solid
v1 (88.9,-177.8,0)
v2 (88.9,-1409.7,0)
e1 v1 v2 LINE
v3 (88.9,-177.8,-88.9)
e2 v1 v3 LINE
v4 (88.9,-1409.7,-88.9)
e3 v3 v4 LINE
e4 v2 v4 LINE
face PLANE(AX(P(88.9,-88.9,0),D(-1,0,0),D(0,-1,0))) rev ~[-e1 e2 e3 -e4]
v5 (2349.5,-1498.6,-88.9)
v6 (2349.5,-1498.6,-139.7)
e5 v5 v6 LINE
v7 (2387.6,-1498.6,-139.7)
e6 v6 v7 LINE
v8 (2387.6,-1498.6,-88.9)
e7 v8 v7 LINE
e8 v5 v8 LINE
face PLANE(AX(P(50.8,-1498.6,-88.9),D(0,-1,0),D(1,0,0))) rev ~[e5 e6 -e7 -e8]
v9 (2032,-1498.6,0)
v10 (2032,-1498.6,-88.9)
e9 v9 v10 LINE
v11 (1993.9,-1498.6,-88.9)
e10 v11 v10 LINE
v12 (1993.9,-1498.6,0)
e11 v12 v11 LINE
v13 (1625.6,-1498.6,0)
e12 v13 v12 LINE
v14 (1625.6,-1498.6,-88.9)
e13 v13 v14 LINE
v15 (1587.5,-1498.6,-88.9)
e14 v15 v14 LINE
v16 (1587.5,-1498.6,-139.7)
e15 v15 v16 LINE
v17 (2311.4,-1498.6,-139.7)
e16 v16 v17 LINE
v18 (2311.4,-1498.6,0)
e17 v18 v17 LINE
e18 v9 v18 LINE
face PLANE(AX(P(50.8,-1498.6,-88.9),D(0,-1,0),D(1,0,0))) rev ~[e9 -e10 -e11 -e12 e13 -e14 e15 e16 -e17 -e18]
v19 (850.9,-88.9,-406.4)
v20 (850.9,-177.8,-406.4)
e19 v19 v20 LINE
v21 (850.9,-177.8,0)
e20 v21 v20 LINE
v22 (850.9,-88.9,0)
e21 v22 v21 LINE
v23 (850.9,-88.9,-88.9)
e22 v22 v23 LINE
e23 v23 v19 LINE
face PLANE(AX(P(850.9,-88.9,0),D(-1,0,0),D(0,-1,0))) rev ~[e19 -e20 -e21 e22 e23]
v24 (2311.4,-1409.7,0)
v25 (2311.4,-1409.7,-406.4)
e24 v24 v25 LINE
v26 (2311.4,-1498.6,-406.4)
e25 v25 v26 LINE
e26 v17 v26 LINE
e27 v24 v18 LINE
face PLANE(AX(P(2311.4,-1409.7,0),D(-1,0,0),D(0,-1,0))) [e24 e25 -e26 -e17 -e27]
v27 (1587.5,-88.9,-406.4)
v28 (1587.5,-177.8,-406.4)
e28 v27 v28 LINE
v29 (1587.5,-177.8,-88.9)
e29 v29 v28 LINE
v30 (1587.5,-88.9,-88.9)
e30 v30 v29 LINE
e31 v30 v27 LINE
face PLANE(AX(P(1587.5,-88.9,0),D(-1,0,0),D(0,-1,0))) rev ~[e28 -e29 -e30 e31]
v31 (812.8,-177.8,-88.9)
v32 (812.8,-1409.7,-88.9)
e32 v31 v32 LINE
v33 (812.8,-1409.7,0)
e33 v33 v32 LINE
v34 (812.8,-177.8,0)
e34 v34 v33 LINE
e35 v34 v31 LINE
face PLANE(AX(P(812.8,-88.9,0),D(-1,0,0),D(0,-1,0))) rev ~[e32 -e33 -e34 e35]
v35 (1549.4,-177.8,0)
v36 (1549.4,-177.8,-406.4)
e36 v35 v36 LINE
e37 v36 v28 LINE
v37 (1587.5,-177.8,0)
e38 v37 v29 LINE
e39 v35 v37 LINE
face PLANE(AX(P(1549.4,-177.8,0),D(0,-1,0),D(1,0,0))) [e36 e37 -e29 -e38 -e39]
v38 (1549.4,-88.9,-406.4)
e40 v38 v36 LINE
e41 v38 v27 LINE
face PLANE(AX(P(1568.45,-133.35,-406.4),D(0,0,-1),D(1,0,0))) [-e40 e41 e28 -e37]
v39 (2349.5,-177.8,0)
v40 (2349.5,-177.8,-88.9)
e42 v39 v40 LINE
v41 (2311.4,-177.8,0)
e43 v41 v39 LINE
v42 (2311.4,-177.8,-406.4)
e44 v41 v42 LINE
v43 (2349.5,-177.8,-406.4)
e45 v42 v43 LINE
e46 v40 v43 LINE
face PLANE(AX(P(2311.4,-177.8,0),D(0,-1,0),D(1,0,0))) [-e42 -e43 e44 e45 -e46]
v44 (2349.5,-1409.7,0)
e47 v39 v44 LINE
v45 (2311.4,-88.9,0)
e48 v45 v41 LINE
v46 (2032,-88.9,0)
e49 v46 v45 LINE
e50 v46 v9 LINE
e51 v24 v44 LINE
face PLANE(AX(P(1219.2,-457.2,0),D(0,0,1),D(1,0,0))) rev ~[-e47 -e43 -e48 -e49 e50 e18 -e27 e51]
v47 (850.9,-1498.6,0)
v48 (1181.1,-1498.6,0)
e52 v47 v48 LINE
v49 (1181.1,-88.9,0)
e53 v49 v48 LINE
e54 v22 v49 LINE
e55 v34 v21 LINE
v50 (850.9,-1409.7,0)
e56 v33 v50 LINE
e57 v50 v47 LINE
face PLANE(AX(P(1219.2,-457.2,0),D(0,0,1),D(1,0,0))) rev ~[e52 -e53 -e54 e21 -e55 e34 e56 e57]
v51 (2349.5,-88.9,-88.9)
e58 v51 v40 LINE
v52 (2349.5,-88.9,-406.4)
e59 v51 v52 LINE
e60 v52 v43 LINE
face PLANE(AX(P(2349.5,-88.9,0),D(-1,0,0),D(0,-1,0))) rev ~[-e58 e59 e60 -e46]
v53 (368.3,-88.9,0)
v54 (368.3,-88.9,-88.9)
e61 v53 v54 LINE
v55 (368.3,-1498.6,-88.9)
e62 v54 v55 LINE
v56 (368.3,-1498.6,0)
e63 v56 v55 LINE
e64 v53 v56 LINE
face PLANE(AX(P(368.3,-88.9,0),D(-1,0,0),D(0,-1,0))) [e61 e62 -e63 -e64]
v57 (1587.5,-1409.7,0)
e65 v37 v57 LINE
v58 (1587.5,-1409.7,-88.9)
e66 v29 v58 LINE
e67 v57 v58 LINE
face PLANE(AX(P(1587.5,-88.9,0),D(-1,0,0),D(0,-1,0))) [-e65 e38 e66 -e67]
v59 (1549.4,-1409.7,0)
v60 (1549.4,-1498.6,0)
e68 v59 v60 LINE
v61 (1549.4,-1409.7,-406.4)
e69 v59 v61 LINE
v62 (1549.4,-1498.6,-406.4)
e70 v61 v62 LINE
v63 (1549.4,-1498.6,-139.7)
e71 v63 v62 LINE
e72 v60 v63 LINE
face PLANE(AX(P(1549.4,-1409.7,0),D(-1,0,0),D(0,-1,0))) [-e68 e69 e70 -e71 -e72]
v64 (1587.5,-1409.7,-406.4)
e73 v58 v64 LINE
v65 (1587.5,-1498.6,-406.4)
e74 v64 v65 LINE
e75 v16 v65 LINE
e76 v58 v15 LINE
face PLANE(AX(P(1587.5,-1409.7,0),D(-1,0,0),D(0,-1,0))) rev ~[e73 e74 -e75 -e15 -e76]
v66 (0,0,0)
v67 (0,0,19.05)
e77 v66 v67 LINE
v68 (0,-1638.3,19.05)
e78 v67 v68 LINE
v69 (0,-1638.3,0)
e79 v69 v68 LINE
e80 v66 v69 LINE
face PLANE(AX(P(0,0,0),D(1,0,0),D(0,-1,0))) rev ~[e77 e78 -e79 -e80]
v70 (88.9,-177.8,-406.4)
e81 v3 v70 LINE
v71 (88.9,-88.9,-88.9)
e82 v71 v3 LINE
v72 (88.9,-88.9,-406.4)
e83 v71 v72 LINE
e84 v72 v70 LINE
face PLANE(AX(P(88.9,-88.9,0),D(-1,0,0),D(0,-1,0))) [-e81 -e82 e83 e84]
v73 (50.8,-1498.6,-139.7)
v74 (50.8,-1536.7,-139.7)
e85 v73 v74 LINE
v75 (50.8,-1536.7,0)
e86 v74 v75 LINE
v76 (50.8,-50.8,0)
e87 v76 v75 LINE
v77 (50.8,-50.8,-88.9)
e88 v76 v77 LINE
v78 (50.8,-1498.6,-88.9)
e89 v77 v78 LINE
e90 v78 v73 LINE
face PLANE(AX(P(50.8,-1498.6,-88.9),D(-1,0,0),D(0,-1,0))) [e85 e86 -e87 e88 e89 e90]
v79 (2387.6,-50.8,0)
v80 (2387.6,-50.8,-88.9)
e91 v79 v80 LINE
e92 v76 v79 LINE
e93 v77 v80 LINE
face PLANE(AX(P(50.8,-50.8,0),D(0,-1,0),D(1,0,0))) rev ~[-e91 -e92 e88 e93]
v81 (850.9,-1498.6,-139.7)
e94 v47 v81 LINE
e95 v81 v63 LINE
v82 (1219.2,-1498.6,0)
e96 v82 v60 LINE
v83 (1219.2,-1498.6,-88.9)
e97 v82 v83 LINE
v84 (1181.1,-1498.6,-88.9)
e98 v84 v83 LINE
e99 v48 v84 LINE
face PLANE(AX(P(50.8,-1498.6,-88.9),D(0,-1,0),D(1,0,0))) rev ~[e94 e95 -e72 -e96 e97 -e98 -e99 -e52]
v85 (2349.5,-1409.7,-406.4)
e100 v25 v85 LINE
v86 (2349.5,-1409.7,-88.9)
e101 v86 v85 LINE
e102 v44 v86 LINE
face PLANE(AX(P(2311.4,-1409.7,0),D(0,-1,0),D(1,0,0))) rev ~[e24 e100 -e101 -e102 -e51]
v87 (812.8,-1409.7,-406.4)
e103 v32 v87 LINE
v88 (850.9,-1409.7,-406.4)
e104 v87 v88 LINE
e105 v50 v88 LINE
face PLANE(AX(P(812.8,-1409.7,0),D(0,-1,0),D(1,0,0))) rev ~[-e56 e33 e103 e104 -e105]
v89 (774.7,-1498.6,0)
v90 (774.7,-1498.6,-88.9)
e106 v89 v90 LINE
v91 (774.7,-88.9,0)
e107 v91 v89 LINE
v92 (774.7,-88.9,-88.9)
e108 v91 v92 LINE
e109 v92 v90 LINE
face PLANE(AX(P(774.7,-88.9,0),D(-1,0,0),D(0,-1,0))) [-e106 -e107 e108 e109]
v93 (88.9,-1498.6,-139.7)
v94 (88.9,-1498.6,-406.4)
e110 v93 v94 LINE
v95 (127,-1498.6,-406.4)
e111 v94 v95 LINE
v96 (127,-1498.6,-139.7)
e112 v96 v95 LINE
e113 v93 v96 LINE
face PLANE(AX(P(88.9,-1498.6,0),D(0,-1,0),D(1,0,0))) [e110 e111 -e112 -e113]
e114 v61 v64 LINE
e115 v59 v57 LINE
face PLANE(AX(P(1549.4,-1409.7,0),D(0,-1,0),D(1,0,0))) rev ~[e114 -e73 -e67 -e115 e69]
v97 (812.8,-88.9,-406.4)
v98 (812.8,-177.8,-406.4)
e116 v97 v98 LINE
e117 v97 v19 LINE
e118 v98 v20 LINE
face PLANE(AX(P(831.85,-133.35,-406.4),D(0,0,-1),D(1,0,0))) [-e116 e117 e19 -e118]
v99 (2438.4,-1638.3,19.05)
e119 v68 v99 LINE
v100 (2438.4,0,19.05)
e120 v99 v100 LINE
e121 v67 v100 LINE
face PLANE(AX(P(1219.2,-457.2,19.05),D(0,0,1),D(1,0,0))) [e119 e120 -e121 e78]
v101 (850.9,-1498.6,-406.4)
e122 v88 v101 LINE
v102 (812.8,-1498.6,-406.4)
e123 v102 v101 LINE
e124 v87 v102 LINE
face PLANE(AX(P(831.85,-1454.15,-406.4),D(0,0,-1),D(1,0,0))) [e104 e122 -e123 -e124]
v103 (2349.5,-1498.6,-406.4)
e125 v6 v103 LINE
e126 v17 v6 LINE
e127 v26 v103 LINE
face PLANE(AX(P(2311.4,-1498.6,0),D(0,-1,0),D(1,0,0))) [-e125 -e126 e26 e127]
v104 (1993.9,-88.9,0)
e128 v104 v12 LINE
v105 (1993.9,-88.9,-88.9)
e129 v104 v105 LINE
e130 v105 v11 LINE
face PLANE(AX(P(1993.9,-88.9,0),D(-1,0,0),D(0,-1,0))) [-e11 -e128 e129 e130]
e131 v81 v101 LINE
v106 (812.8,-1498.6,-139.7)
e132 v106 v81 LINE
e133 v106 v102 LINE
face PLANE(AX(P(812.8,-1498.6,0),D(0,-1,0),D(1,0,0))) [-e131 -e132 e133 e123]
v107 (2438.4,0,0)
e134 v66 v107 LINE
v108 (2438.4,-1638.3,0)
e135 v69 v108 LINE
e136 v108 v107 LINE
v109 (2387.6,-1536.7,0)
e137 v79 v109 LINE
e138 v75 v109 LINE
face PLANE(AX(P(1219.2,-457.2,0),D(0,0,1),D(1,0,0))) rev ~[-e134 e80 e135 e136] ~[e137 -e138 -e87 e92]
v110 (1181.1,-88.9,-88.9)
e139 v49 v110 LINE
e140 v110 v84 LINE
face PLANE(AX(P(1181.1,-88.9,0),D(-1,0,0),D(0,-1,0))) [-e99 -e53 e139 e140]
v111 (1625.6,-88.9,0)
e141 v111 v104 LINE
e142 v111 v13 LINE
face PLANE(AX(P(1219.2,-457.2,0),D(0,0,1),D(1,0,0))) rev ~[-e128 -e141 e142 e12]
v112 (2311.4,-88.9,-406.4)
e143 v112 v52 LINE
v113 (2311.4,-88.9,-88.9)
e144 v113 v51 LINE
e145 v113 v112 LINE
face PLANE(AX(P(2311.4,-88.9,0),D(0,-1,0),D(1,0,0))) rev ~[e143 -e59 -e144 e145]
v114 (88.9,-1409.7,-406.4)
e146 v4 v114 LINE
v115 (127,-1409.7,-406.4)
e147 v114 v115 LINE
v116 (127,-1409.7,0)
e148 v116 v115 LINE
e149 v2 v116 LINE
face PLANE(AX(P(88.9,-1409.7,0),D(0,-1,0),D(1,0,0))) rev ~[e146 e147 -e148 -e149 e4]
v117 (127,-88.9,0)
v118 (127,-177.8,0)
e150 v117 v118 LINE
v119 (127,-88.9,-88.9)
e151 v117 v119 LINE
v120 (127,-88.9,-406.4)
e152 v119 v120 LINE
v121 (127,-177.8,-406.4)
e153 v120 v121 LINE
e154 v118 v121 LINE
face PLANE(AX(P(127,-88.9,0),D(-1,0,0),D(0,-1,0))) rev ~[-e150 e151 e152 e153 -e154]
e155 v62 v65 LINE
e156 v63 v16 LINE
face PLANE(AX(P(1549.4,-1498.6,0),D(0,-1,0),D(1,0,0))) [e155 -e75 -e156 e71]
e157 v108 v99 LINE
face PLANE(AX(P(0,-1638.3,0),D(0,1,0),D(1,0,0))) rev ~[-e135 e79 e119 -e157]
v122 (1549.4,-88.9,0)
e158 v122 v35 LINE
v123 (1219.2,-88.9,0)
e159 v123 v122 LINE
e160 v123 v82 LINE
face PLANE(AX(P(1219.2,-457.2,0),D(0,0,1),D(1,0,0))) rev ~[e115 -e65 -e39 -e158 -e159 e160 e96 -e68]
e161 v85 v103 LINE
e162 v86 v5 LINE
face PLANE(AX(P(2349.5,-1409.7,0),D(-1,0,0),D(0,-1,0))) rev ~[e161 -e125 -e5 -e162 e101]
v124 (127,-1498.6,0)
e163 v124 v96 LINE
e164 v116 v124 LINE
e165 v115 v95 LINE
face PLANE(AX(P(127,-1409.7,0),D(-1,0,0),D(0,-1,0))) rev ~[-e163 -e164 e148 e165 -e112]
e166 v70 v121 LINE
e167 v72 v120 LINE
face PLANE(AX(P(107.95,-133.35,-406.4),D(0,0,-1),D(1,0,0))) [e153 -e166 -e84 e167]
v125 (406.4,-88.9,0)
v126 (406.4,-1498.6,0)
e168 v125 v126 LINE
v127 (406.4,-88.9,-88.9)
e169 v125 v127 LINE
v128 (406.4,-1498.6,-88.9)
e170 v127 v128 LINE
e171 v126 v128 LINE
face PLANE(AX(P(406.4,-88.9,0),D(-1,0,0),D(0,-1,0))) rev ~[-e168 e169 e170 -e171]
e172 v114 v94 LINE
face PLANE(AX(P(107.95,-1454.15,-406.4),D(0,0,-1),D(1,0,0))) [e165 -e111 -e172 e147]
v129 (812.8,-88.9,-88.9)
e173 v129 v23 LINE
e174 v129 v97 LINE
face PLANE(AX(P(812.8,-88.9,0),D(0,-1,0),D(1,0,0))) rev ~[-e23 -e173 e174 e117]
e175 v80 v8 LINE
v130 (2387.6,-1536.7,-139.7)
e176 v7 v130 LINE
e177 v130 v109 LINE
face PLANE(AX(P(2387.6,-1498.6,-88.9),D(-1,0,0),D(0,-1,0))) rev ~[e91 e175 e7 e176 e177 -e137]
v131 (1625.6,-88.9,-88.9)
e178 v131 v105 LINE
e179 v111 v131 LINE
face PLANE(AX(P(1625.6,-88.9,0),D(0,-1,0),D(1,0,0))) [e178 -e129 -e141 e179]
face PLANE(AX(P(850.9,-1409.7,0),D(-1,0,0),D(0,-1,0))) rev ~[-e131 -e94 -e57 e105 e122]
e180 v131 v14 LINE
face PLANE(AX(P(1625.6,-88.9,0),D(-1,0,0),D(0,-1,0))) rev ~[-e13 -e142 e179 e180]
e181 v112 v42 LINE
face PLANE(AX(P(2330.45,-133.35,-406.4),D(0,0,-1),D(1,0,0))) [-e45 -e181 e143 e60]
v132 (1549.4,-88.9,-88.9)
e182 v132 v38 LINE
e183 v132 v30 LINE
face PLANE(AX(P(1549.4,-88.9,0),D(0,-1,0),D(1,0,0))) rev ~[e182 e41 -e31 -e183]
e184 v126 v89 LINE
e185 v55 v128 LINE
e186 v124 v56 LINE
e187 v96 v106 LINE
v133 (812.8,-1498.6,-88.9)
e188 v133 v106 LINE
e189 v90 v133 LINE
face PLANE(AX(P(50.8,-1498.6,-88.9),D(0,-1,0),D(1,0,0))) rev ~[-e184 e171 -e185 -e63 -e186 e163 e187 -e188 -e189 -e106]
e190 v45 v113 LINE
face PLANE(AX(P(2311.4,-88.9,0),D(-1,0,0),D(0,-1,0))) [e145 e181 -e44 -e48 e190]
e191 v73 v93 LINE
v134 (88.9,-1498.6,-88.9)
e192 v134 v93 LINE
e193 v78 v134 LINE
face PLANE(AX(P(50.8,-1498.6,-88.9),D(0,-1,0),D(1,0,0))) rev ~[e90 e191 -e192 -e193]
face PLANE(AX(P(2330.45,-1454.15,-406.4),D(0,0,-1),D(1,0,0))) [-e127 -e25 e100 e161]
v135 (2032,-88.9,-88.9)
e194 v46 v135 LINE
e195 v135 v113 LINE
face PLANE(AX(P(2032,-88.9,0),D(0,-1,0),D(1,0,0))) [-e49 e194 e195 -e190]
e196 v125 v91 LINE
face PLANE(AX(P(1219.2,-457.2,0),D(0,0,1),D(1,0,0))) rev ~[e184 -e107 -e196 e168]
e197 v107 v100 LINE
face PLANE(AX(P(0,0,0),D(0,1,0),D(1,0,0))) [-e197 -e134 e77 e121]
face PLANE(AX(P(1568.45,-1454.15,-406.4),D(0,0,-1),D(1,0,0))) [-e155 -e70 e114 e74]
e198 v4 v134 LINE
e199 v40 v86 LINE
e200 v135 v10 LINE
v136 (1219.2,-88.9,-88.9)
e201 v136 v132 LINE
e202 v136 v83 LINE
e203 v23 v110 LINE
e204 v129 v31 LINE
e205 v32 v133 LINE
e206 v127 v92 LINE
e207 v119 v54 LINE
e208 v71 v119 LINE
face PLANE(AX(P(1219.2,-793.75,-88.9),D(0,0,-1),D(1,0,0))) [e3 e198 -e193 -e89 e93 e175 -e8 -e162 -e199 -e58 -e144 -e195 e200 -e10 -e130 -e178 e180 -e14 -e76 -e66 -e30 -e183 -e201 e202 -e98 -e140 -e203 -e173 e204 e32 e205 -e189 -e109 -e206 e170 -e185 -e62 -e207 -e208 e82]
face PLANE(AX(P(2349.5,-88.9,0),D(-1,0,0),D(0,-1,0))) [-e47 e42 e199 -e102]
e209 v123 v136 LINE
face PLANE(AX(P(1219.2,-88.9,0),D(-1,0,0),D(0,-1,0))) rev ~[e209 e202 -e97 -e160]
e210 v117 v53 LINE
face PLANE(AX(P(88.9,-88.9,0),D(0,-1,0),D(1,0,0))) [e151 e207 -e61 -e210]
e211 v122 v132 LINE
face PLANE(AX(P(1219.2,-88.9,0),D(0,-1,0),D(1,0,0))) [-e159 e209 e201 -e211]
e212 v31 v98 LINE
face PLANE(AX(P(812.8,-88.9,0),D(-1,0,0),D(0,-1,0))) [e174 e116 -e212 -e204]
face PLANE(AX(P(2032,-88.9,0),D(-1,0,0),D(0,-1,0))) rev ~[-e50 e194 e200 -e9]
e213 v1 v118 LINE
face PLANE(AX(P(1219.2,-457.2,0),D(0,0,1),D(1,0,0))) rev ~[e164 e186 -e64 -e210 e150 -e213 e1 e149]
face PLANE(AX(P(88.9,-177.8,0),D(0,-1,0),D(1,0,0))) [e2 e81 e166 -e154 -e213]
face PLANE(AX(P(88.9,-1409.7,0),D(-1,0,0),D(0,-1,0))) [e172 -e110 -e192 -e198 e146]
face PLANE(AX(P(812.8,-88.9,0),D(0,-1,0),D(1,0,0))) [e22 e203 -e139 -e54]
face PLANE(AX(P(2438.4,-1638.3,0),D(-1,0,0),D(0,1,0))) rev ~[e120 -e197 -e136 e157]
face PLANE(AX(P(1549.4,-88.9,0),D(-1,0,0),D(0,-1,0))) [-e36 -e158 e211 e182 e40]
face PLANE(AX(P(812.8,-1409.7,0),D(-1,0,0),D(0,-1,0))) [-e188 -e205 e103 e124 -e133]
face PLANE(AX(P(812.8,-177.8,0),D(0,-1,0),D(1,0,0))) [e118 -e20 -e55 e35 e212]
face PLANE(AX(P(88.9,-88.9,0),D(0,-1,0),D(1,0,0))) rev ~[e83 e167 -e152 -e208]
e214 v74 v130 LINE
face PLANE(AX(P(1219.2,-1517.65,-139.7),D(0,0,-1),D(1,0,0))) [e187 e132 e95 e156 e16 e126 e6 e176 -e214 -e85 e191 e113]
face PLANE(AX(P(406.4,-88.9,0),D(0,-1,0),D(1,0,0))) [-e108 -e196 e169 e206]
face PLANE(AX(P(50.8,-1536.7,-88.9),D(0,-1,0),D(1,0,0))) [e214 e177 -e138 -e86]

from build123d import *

# Parameters (mm, degrees)
F0_W     = 2438.4
F0_H     = 914.4
F0_H_2   = 723.9
F1_DEPTH = 19.05
F2_W     = 2336.8
F2_H     = 1485.9
F2_W_2   = 279.4
F2_H_2   = 1409.7
F2_W_3   = 368.3
F2_W_4   = 317.5
F3_DEPTH = 88.9
F4_W     = 2336.8
F4_H     = 38.1
F5_DEPTH = 50.8
F6_W     = 38.1
F6_H     = 88.9
F7_DEPTH = 406.4


with BuildPart() as f1:
    # F0 (on Top) → F1 (new body)
    with BuildSketch(Plane.XY):
        with Locations((1219.2, -457.2)):
            Rectangle(F0_W, F0_H)
        with Locations((1219.2, -1276.35)):
            Rectangle(F0_W, F0_H_2)
    extrude(amount=F1_DEPTH)

    # F2 (on face) → F3 (join)
    with BuildSketch(Plane(origin=(0, 0, 0), x_dir=(1, 0, 0), z_dir=(0, 0, -1))):
        with Locations((1219.2, 793.75)):
            Rectangle(F2_W, F2_H)
        with Locations((228.6, 793.75)):
            Rectangle(F2_W_2, F2_H_2, mode=Mode.SUBTRACT)
        with Locations((590.55, 793.75)):
            Rectangle(F2_W_3, F2_H_2, mode=Mode.SUBTRACT)
        with Locations((996.95, 793.75)):
            Rectangle(F2_W_3, F2_H_2, mode=Mode.SUBTRACT)
        with Locations((1403.35, 793.75)):
            Rectangle(F2_W_3, F2_H_2, mode=Mode.SUBTRACT)
        with Locations((1809.75, 793.75)):
            Rectangle(F2_W_3, F2_H_2, mode=Mode.SUBTRACT)
        with Locations((2190.75, 793.75)):
            Rectangle(F2_W_4, F2_H_2, mode=Mode.SUBTRACT)
    extrude(amount=F3_DEPTH)

    # F4 (on face) → F5 (join)
    with BuildSketch(Plane(origin=(0, 0, -88.9), x_dir=(1, 0, 0), z_dir=(0, 0, -1))):
        with Locations((1219.2, 1517.65)):
            Rectangle(F4_W, F4_H)
    extrude(amount=F5_DEPTH)

    # F6 (on face) → F7 (join)
    with BuildSketch(Plane(origin=(0, 0, 0), x_dir=(1, 0, 0), z_dir=(0, 0, -1))):
        with Locations((107.95, 133.35)):
            Rectangle(F6_W, F6_H)
        with Locations((2330.45, 133.35)):
            Rectangle(F6_W, F6_H)
        with Locations((2330.45, 1454.15)):
            Rectangle(F6_W, F6_H)
        with Locations((107.95, 1454.15)):
            Rectangle(F6_W, F6_H)
        with Locations((831.85, 133.35)):
            Rectangle(F6_W, F6_H)
        with Locations((1568.45, 133.35)):
            Rectangle(F6_W, F6_H)
        with Locations((1568.45, 1454.15)):
            Rectangle(F6_W, F6_H)
        with Locations((831.85, 1454.15)):
            Rectangle(F6_W, F6_H)
    extrude(amount=F7_DEPTH)


solid = f1.part
